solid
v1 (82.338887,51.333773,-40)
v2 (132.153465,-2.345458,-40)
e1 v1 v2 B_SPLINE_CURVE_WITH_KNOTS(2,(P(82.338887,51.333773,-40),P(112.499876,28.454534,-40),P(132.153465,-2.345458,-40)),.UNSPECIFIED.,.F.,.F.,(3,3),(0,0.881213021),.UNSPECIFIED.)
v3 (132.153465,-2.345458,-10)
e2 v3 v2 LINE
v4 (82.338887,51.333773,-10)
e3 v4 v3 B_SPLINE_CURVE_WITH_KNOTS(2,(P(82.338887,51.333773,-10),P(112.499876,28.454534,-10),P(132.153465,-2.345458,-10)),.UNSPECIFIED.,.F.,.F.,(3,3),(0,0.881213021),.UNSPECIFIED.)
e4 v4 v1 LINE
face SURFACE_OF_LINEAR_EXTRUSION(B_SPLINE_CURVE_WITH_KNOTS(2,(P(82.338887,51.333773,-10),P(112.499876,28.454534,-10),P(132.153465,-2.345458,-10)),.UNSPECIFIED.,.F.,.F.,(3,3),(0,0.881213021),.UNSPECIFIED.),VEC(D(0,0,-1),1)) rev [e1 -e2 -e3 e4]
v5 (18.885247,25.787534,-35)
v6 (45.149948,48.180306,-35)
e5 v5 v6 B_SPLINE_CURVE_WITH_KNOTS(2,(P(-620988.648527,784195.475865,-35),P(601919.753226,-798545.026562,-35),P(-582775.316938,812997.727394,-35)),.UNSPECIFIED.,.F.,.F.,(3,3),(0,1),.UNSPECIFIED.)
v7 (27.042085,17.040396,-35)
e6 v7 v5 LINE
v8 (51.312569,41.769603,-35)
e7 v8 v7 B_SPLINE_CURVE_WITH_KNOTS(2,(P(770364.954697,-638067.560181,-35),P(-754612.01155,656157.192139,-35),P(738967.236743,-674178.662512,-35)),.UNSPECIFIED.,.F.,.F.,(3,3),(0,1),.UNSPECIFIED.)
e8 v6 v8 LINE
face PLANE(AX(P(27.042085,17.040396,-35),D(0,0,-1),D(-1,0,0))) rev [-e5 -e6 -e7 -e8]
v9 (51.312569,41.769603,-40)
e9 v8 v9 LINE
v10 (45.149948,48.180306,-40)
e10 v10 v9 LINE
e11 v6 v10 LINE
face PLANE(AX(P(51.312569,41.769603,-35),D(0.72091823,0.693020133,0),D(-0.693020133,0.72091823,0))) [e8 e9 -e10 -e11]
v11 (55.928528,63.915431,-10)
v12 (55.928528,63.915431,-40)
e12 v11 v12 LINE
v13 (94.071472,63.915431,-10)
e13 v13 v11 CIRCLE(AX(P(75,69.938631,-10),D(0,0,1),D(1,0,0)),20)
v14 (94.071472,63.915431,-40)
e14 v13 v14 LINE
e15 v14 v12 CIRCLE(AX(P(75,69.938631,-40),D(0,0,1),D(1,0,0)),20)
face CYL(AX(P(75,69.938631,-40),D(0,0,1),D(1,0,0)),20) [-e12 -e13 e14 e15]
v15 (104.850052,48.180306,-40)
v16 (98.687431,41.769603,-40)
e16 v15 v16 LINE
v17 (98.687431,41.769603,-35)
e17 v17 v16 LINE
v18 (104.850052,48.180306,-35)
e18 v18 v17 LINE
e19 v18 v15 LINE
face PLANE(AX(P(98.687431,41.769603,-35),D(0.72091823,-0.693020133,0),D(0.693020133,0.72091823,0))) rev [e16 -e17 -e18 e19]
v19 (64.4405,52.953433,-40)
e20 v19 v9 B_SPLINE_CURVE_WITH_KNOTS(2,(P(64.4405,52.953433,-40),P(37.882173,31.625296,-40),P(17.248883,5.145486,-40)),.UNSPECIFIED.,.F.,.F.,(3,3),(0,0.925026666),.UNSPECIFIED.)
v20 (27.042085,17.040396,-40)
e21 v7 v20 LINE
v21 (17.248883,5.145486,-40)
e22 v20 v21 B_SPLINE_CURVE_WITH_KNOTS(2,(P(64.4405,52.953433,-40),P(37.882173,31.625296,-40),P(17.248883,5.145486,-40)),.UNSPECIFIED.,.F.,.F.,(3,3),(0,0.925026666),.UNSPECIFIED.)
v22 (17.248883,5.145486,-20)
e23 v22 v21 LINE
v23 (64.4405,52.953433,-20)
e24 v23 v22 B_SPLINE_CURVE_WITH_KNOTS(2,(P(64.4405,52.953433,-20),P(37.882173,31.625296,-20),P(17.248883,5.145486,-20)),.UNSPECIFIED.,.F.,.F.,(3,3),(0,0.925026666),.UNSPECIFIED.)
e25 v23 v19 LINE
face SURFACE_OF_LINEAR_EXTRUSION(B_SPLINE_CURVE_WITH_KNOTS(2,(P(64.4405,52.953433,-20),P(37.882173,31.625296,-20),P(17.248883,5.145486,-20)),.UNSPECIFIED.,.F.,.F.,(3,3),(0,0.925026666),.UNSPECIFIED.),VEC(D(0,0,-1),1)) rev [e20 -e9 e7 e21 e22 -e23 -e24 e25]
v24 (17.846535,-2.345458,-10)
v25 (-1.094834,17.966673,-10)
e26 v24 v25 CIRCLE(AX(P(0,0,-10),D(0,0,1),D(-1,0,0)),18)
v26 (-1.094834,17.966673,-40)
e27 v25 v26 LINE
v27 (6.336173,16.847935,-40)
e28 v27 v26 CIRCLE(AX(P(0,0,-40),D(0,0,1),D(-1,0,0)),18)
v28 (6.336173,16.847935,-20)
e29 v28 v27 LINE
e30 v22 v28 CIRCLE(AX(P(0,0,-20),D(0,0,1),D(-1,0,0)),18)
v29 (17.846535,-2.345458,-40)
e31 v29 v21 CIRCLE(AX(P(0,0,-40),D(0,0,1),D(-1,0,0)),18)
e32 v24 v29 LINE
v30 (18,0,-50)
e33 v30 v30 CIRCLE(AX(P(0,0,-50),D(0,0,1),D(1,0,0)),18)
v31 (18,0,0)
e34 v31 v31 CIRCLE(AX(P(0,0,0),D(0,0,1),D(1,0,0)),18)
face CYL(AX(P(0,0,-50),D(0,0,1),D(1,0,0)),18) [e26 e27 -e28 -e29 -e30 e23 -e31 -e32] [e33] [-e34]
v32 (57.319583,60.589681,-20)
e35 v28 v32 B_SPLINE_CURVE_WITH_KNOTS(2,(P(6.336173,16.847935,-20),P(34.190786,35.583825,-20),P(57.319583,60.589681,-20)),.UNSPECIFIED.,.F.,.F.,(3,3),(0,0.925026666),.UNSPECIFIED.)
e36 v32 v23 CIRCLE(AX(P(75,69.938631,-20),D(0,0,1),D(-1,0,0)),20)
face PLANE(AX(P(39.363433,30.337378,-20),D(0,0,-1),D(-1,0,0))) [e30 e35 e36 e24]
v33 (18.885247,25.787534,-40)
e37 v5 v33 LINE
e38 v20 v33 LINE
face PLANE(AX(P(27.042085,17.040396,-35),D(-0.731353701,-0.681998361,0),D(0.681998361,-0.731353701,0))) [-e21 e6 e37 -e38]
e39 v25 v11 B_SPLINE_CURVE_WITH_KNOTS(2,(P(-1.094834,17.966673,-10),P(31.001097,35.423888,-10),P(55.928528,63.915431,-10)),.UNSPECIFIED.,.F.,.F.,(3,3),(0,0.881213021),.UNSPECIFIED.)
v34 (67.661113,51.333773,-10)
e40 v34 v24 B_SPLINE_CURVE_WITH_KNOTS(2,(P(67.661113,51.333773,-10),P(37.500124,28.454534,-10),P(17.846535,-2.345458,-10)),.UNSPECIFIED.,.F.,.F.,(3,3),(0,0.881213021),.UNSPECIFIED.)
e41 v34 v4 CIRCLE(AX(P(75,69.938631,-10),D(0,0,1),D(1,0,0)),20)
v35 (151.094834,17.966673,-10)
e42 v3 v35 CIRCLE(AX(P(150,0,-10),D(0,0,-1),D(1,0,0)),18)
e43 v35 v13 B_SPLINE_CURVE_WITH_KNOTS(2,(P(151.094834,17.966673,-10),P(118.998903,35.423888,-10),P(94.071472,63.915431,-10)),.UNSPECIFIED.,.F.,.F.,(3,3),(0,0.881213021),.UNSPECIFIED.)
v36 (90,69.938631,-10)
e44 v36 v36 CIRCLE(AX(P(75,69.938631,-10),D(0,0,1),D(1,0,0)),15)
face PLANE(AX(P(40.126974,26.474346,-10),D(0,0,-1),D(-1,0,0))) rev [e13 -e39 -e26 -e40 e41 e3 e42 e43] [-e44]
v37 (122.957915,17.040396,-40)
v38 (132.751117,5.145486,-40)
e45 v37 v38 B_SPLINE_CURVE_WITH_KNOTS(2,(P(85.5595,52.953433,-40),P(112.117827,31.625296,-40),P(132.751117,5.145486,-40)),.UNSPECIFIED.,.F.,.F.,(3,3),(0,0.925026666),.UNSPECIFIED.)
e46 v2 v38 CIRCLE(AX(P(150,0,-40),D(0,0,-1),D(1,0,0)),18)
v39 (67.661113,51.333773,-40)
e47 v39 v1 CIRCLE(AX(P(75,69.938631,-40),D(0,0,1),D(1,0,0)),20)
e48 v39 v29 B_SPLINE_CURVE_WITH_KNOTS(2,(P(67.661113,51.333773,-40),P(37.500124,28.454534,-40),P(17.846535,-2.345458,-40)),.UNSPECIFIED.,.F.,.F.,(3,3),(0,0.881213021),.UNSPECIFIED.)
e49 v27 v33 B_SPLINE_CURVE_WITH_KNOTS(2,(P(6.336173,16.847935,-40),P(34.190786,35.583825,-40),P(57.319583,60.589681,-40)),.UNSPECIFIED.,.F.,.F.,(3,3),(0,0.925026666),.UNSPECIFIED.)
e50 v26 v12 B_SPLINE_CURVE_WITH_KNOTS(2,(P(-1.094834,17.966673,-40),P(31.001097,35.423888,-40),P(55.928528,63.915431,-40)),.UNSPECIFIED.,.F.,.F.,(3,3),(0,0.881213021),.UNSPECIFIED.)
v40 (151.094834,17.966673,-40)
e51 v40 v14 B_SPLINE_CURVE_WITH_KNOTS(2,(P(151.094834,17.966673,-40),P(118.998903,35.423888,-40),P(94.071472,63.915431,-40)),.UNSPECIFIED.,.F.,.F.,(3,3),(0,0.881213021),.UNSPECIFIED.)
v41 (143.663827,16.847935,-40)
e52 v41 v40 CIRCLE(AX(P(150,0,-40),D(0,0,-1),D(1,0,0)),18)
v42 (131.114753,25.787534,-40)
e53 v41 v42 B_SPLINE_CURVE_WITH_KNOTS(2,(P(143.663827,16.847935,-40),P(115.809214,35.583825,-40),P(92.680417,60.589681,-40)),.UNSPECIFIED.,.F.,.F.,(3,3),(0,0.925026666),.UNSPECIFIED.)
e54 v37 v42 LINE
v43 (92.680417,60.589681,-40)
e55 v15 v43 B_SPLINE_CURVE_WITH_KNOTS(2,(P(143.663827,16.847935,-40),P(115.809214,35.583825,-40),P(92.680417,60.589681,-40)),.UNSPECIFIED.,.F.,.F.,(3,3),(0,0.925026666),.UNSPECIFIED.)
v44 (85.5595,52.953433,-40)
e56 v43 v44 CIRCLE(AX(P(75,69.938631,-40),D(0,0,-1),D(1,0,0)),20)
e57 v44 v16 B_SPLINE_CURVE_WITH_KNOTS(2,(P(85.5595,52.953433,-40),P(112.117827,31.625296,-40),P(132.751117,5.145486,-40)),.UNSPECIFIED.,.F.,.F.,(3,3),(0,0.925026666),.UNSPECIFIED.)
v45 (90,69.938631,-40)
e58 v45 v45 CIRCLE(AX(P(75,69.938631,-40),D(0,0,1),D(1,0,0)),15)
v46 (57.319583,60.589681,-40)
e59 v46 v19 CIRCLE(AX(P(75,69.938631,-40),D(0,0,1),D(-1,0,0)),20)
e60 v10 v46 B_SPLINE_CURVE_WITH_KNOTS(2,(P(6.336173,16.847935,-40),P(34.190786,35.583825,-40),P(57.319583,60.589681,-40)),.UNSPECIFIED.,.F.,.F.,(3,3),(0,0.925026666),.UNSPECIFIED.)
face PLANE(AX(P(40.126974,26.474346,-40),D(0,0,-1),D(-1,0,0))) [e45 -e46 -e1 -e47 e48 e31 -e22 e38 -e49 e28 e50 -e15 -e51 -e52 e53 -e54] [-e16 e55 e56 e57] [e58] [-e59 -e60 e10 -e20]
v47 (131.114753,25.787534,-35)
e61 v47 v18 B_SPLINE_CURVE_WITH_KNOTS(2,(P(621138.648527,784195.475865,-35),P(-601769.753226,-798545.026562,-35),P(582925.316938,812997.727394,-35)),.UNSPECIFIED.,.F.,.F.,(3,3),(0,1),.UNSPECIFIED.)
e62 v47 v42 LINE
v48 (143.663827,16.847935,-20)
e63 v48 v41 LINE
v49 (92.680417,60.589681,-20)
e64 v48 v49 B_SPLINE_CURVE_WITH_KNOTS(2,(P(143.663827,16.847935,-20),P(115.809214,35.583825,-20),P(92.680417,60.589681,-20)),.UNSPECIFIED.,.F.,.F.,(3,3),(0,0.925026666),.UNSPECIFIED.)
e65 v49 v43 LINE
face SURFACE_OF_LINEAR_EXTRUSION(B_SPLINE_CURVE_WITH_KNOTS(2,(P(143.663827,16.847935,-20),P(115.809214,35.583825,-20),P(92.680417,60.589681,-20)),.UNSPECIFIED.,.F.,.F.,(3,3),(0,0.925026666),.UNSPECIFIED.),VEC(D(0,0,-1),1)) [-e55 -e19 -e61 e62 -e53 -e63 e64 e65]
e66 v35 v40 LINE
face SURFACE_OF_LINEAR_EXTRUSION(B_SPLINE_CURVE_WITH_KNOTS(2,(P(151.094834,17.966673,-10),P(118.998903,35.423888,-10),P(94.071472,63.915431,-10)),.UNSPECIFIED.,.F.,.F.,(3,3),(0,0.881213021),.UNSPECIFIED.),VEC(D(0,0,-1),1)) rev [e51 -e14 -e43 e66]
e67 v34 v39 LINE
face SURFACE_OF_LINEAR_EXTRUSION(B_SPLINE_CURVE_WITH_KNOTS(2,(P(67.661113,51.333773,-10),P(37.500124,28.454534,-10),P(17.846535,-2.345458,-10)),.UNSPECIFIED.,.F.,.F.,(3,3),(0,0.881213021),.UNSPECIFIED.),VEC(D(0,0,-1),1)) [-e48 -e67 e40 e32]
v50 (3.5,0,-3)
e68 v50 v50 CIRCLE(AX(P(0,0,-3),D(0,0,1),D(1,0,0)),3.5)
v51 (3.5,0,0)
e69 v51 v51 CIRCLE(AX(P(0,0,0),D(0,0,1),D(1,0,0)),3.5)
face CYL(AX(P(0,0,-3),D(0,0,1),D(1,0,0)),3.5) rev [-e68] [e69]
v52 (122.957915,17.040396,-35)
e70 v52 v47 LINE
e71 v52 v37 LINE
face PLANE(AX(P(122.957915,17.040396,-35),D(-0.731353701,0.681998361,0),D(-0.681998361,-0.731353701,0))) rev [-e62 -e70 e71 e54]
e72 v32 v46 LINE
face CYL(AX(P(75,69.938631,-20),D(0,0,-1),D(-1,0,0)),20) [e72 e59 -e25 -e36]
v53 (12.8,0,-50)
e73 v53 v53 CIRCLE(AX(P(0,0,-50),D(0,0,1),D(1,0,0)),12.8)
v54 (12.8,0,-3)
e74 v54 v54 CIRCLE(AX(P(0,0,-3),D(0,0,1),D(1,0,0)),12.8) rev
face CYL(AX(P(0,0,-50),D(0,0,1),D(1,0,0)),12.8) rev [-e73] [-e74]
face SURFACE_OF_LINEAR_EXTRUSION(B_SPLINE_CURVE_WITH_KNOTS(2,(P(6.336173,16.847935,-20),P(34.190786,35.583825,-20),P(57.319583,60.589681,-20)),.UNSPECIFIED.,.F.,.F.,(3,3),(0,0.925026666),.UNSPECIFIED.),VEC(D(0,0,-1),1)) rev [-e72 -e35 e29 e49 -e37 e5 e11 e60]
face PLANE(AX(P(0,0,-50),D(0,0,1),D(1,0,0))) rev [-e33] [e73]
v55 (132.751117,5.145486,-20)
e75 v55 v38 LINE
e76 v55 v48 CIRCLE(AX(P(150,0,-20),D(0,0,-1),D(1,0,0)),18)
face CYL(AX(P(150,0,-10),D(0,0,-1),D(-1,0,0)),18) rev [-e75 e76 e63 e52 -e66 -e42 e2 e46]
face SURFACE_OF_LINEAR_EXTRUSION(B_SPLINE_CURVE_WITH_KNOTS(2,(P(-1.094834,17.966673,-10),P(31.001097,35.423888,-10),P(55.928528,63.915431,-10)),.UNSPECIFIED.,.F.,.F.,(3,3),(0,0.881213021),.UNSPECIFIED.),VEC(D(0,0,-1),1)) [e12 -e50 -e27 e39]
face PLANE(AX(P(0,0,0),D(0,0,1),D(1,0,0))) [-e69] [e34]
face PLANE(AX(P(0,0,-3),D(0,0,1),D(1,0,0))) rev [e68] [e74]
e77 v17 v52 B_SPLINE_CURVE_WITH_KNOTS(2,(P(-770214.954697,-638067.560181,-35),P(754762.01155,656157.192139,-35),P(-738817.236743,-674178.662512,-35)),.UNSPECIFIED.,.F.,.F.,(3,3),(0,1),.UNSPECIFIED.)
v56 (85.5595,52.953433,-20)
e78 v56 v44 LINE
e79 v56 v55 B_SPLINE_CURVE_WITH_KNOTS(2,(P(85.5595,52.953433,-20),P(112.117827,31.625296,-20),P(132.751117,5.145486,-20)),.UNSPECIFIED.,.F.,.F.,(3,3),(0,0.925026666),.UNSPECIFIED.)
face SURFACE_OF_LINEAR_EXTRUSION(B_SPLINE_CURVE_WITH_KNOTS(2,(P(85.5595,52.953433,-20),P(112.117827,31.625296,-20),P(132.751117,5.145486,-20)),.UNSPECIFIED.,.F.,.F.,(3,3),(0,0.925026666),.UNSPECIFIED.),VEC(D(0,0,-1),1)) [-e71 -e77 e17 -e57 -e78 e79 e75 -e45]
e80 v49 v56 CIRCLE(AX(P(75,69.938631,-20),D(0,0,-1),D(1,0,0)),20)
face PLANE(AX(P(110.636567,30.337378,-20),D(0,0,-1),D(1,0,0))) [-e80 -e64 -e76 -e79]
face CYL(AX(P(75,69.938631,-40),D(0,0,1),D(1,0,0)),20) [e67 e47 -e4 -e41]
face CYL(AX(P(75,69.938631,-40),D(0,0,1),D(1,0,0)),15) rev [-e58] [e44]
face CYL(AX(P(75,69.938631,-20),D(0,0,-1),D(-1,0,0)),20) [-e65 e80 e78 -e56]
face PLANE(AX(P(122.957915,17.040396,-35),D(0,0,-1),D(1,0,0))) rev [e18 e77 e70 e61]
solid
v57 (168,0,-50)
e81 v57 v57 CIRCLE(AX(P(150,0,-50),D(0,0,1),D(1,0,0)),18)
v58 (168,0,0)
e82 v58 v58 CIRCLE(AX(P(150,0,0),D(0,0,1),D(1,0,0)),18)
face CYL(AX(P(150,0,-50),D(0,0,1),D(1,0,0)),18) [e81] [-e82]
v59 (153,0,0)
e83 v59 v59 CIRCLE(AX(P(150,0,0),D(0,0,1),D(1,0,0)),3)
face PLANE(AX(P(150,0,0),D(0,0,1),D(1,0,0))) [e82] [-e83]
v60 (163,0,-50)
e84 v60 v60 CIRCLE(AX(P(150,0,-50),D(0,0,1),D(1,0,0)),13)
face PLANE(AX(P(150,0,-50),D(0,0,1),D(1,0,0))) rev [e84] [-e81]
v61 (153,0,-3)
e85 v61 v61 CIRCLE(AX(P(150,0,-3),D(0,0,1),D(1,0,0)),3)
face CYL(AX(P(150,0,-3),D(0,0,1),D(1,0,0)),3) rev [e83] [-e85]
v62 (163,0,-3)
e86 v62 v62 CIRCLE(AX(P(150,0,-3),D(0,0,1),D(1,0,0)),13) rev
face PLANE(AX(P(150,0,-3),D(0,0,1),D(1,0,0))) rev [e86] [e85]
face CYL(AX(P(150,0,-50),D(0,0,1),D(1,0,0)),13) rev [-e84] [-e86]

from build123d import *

# Parameters (mm, degrees)
SKETCH1_R           = 18
SKETCH1_R_2         = 12.8
BOSS_EXTRUDE1_DEPTH = 50
SKETCH2_R           = 12.8
SKETCH2_R_2         = 3.5
BOSS_EXTRUDE2_DEPTH = 3
SKETCH4_R           = 20
SKETCH4_R_2         = 15
BOSS_EXTRUDE3_DEPTH = 30
BOSS_EXTRUDE4_START = -30
BOSS_EXTRUDE4_DEPTH = 30
CUT_EXTRUDE1_START  = -20
CUT_EXTRUDE1_DEPTH  = 20
BOSS_EXTRUDE5_DEPTH = 5
SKETCH9_R           = 18
SKETCH9_R_2         = 13
BOSS_EXTRUDE6_DEPTH = 50
SKETCH10_R          = 13
SKETCH10_R_2        = 3
BOSS_EXTRUDE7_DEPTH = 3


with BuildPart() as part:
    # Sketch1 → Boss-Extrude1 (new body)
    with BuildSketch(Plane.XY):
        Circle(SKETCH1_R)
        Circle(SKETCH1_R_2, mode=Mode.SUBTRACT)
    extrude(amount=-BOSS_EXTRUDE1_DEPTH)

    # Sketch2 → Boss-Extrude2 (add)
    with BuildSketch(Plane.XY):
        Circle(SKETCH2_R)
        Circle(SKETCH2_R_2, mode=Mode.SUBTRACT)
    extrude(amount=-BOSS_EXTRUDE2_DEPTH)



with BuildPart() as body_2:
    # Sketch4 → Boss-Extrude3 (new body)
    with BuildSketch(Plane.XY.offset(-10)):
        with Locations((75, 69.93863146)):
            Circle(SKETCH4_R)
        with Locations((75, 69.93863146)):
            Circle(SKETCH4_R_2, mode=Mode.SUBTRACT)
    extrude(amount=-BOSS_EXTRUDE3_DEPTH)


with BuildPart() as part_1:
    add(part.part)

    add(body_2.part)  # Boss-Extrude4 merges body 2
    # Sketch6 → Boss-Extrude4 (add)
    with BuildSketch(Plane(origin=(0, 0, -40), x_dir=(-1, 0, 0), z_dir=(0, 0, -1)).offset(BOSS_EXTRUDE4_START)):
        with BuildLine():
            ThreePointArc((-67.66111339, 51.333773403), (-60.372925968, 56.298664259), (-55.928527591, 63.915431302))
            add(Edge.make_bspline(
                [(-55.928527591, 63.915431302), (-31.001096906, 35.423888035), (1.094833513, 17.966673025)],
                knots=[0, 0, 0, 0.881213021, 0.881213021, 0.881213021], degree=2))
            ThreePointArc((1.094833513, 17.966673025), (-13.164366629, 12.275970481), (-17.846535387, -2.345458309))
            add(Edge.make_bspline(
                [(-67.66111339, 51.333773403), (-37.500124426, 28.454534277), (-17.846535387, -2.345458309)],
                knots=[0, 0, 0, 0.881213021, 0.881213021, 0.881213021], degree=2))
        make_face()
    boss_extrude4 = extrude(amount=BOSS_EXTRUDE4_DEPTH)

    # Sketch7 → Cut-Extrude1 (cut)
    with BuildSketch(Plane(origin=(0, 0, -40), x_dir=(-1, 0, 0), z_dir=(0, 0, -1)).offset(CUT_EXTRUDE1_START)):
        with BuildLine():
            ThreePointArc((-64.440499884, 52.953433278), (-60.372925968, 56.298664259), (-57.319583414, 60.589681287))
            add(Edge.make_bspline(
                [(-57.319583414, 60.589681287), (-34.19078561, 35.583825238), (-6.336172913, 16.847934972)],
                knots=[0, 0, 0, 0.925026666, 0.925026666, 0.925026666], degree=2))
            ThreePointArc((-6.336172913, 16.847934972), (-13.164366629, 12.275970481), (-17.248883328, 5.145485781))
            add(Edge.make_bspline(
                [(-64.440499884, 52.953433278), (-37.882173467, 31.625296404), (-17.248883328, 5.145485781)],
                knots=[0, 0, 0, 0.925026666, 0.925026666, 0.925026666], degree=2))
        make_face()
    cut_extrude1 = extrude(amount=CUT_EXTRUDE1_DEPTH, mode=Mode.SUBTRACT)

    # Sketch8 → Boss-Extrude5 (add)
    with BuildSketch(Plane(origin=(0, 0, -40), x_dir=(-1, 0, 0), z_dir=(0, 0, -1))):
        with BuildLine():
            Line((-51.31256913, 41.769602741), (-45.149947709, 48.180305567))
            add(Edge.make_bspline(
                [(-18.885246909, 25.787533519), (-32.641608403, 36.15601403), (-45.149947709, 48.180305567)],
                knots=[0, 0, 0, 1, 1, 1], degree=2))
            Line((-18.885246909, 25.787533519), (-27.042084625, 17.040396006))
            add(Edge.make_bspline(
                [(-51.31256913, 41.769602741), (-38.388868676, 30.090544445), (-27.042084625, 17.040396006)],
                knots=[0, 0, 0, 1, 1, 1], degree=2))
        make_face()
    boss_extrude5 = extrude(amount=-BOSS_EXTRUDE5_DEPTH)

    # Mirror3: Boss-Extrude4 across plane
    add(boss_extrude4.mirror(Plane(origin=(75, 0, 0), x_dir=(0, 0, 1), z_dir=(1, 0, 0))))

    # Mirror4: Cut-Extrude1 across plane
    add(cut_extrude1.mirror(Plane(origin=(75, 0, 0), x_dir=(0, 0, 1), z_dir=(1, 0, 0))), mode=Mode.SUBTRACT)

    # Mirror5: Boss-Extrude5 across plane
    add(boss_extrude5.mirror(Plane(origin=(75, 0, 0), x_dir=(0, 0, 1), z_dir=(1, 0, 0))))


with BuildPart() as body_2_2:
    # Sketch9 → Boss-Extrude6 (new body)
    with BuildSketch(Plane.XY):
        with Locations((150, 0)):
            Circle(SKETCH9_R)
        with Locations((150, 0)):
            Circle(SKETCH9_R_2, mode=Mode.SUBTRACT)
    extrude(amount=-BOSS_EXTRUDE6_DEPTH)

    # Sketch10 → Boss-Extrude7 (add)
    with BuildSketch(Plane.XY):
        with Locations((150, 0)):
            Circle(SKETCH10_R)
        with Locations((150, 0)):
            Circle(SKETCH10_R_2, mode=Mode.SUBTRACT)
    extrude(amount=-BOSS_EXTRUDE7_DEPTH)


solid = Compound([part_1.part, body_2_2.part])
